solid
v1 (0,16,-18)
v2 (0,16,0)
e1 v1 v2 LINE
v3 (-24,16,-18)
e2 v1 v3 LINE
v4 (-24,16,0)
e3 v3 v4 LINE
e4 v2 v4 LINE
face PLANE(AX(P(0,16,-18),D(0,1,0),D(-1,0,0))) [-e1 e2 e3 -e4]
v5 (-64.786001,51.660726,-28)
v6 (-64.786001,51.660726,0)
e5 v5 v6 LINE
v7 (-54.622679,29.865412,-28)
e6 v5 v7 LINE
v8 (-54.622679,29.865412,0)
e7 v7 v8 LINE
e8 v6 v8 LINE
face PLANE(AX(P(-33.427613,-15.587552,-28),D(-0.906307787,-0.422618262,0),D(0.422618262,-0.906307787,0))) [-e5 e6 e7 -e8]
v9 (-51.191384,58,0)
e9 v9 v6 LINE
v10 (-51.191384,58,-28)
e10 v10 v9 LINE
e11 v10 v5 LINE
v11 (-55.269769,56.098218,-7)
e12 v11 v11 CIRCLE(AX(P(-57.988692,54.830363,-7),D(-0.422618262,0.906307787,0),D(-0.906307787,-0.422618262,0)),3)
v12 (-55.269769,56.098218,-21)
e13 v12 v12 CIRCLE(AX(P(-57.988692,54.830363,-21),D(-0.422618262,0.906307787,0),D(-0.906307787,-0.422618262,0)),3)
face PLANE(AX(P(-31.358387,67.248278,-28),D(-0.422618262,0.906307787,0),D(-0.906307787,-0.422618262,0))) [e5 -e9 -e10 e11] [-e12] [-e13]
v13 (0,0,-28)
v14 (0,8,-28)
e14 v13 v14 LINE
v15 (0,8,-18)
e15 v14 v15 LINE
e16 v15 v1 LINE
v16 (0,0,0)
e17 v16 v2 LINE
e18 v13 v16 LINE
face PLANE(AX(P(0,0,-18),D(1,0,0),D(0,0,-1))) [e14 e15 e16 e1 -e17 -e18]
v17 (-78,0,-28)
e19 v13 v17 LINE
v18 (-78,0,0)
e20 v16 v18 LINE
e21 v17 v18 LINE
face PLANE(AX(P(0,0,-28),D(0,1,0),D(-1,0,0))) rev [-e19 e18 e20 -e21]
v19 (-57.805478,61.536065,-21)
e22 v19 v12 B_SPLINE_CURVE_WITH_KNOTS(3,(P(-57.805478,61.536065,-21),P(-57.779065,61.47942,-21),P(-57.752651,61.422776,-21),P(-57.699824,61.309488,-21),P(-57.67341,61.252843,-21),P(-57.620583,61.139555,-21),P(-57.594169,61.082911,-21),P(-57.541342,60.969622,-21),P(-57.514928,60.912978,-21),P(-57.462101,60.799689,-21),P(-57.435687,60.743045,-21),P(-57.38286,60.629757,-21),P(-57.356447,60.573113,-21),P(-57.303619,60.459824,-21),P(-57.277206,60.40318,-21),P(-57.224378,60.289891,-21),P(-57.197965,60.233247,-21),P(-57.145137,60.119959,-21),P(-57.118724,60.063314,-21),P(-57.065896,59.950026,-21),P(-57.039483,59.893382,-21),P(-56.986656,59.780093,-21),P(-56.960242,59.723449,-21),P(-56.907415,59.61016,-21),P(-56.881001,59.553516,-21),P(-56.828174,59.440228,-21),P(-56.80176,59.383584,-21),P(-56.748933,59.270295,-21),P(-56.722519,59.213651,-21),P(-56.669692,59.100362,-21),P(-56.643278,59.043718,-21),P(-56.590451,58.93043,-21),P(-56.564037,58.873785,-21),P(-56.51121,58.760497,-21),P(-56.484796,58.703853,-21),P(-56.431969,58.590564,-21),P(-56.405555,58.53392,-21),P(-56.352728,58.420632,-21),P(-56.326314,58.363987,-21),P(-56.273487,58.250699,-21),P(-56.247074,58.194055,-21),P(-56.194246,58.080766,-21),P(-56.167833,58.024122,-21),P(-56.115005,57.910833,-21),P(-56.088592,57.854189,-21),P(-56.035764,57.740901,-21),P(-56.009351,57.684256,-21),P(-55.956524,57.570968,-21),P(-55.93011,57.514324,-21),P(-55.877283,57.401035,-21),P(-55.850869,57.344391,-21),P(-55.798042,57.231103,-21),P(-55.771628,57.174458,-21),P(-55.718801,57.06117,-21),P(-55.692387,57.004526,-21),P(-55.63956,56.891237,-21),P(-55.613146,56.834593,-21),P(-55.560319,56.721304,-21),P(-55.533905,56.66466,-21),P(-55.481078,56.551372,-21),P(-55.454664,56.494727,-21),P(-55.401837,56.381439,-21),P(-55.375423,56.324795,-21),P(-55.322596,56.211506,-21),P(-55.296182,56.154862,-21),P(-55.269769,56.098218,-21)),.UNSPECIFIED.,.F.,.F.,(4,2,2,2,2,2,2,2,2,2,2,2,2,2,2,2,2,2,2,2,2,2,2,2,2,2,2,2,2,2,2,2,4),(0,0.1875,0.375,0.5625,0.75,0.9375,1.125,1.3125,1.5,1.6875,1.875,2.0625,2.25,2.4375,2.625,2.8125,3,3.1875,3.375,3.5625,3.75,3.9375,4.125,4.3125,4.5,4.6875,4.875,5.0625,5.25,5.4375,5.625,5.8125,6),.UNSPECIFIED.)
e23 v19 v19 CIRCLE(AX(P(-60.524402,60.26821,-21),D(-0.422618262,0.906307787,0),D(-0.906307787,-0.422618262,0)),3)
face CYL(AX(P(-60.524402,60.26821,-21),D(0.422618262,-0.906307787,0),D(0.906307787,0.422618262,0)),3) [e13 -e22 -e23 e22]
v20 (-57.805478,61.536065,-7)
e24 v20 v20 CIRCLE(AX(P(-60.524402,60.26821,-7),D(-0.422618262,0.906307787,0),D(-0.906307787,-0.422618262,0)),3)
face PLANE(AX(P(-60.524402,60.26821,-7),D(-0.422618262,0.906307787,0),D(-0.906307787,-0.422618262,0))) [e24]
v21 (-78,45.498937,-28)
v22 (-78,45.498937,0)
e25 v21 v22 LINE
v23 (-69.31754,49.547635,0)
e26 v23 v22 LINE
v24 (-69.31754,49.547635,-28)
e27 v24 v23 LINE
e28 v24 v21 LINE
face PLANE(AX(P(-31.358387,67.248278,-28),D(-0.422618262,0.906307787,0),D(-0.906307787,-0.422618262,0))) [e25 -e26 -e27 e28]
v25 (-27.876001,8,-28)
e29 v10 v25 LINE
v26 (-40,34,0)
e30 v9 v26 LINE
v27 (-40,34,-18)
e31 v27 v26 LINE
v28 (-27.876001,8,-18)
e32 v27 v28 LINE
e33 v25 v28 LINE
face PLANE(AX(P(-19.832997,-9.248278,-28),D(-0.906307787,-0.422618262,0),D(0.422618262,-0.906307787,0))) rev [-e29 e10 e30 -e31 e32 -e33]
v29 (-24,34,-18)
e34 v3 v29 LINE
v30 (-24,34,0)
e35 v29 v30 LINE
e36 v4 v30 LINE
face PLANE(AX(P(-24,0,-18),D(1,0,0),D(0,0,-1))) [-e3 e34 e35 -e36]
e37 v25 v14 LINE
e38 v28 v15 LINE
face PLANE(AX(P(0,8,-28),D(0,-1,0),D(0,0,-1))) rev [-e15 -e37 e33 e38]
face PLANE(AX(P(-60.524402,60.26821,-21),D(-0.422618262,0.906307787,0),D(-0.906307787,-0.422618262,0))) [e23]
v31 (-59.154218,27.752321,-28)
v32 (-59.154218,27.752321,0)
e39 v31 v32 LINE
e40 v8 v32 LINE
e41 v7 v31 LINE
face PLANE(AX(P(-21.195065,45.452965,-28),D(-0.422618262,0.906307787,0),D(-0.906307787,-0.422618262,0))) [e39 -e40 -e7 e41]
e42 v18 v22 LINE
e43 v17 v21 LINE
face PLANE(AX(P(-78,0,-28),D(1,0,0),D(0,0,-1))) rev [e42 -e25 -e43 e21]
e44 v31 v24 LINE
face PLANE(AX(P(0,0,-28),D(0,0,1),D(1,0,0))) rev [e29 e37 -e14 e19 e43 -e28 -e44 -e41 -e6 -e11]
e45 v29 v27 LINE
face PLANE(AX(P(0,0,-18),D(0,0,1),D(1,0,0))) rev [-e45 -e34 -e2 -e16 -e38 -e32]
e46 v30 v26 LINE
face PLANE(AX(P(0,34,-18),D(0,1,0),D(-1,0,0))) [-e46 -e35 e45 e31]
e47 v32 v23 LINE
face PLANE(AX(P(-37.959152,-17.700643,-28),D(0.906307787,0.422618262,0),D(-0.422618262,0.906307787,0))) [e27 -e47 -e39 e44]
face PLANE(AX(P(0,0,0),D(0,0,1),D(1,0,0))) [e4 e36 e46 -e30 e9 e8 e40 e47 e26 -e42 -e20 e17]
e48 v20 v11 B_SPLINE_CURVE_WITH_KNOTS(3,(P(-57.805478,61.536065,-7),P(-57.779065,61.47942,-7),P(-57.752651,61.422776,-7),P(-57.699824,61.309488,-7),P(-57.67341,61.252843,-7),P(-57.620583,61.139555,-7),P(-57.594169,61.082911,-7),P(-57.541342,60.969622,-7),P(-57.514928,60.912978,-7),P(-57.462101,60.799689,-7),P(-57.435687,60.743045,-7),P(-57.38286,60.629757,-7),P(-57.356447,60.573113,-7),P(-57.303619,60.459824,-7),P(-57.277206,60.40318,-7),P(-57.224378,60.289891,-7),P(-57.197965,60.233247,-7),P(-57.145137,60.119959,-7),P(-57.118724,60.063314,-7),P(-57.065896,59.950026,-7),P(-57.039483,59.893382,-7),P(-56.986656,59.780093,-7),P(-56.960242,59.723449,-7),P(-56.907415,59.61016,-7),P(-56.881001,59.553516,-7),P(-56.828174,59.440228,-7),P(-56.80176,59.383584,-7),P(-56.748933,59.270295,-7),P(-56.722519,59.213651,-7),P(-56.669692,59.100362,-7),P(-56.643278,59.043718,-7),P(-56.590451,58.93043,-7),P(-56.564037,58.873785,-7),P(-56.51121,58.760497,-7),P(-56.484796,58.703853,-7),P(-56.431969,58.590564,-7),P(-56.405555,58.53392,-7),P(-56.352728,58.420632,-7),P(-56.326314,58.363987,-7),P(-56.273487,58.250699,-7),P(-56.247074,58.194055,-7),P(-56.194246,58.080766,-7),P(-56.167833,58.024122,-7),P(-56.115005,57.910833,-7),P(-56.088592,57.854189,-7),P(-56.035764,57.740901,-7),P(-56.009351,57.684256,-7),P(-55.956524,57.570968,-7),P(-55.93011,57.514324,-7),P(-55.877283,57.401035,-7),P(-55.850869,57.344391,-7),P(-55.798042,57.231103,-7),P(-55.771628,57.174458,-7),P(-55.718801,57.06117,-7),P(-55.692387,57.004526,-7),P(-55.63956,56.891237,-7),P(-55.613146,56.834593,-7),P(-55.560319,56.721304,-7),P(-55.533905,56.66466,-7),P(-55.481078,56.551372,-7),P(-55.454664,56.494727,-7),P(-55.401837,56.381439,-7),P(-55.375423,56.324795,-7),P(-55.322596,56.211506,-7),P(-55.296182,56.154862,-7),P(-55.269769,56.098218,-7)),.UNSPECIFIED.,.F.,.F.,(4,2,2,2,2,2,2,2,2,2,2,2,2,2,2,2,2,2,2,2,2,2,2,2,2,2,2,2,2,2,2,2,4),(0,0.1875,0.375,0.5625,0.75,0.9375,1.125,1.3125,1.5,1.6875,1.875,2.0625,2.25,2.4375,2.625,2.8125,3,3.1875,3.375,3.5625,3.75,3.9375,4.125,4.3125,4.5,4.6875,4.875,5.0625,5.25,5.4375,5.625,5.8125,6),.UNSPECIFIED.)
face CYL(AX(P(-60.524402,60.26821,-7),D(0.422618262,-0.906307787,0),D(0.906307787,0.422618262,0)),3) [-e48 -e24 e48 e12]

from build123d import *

# Parameters (mm, degrees)
BOSS_EXTRUDE1_DEPTH = 18
BOSS_EXTRUDE2_DEPTH = 28
SKETCH4_R           = 3
BOSS_EXTRUDE3_DEPTH = 6


with BuildPart() as part:
    # Sketch1 → Boss-Extrude1 (new body)
    with BuildSketch(Plane.XY):
        Polygon((-27.876000888, 8), (0, 8), (0, 16), (-24, 16), (-24, 34), (-40, 34), align=None)
    extrude(amount=-BOSS_EXTRUDE1_DEPTH)

    # Sketch1<4> → Boss-Extrude2 (add)
    with BuildSketch(Plane.XY):
        Polygon((-78, 0), (0, 0), (0, 8), (-27.876000888, 8), (-40, 34), (-51.191383796, 58), (-64.786000601, 51.660726074), (-54.622678955, 29.865412469), (-59.154217891, 27.75232116), (-69.317539536, 49.547634765), (-78, 45.498936959), align=None)
    extrude(amount=-BOSS_EXTRUDE2_DEPTH)

    # Sketch4 → Boss-Extrude3 (add)
    with BuildSketch(Plane(origin=(-31.358387135, 67.248278227, 0), x_dir=(0.9063077870366475, 0.42261826174070477, 0), z_dir=(-0.42261826174070477, 0.9063077870366475, 0))):
        with Locations((-29.383290582, 7)):
            Circle(SKETCH4_R)
        with Locations((-29.383290582, 21)):
            Circle(SKETCH4_R)
    extrude(amount=BOSS_EXTRUDE3_DEPTH)


solid = part.part
